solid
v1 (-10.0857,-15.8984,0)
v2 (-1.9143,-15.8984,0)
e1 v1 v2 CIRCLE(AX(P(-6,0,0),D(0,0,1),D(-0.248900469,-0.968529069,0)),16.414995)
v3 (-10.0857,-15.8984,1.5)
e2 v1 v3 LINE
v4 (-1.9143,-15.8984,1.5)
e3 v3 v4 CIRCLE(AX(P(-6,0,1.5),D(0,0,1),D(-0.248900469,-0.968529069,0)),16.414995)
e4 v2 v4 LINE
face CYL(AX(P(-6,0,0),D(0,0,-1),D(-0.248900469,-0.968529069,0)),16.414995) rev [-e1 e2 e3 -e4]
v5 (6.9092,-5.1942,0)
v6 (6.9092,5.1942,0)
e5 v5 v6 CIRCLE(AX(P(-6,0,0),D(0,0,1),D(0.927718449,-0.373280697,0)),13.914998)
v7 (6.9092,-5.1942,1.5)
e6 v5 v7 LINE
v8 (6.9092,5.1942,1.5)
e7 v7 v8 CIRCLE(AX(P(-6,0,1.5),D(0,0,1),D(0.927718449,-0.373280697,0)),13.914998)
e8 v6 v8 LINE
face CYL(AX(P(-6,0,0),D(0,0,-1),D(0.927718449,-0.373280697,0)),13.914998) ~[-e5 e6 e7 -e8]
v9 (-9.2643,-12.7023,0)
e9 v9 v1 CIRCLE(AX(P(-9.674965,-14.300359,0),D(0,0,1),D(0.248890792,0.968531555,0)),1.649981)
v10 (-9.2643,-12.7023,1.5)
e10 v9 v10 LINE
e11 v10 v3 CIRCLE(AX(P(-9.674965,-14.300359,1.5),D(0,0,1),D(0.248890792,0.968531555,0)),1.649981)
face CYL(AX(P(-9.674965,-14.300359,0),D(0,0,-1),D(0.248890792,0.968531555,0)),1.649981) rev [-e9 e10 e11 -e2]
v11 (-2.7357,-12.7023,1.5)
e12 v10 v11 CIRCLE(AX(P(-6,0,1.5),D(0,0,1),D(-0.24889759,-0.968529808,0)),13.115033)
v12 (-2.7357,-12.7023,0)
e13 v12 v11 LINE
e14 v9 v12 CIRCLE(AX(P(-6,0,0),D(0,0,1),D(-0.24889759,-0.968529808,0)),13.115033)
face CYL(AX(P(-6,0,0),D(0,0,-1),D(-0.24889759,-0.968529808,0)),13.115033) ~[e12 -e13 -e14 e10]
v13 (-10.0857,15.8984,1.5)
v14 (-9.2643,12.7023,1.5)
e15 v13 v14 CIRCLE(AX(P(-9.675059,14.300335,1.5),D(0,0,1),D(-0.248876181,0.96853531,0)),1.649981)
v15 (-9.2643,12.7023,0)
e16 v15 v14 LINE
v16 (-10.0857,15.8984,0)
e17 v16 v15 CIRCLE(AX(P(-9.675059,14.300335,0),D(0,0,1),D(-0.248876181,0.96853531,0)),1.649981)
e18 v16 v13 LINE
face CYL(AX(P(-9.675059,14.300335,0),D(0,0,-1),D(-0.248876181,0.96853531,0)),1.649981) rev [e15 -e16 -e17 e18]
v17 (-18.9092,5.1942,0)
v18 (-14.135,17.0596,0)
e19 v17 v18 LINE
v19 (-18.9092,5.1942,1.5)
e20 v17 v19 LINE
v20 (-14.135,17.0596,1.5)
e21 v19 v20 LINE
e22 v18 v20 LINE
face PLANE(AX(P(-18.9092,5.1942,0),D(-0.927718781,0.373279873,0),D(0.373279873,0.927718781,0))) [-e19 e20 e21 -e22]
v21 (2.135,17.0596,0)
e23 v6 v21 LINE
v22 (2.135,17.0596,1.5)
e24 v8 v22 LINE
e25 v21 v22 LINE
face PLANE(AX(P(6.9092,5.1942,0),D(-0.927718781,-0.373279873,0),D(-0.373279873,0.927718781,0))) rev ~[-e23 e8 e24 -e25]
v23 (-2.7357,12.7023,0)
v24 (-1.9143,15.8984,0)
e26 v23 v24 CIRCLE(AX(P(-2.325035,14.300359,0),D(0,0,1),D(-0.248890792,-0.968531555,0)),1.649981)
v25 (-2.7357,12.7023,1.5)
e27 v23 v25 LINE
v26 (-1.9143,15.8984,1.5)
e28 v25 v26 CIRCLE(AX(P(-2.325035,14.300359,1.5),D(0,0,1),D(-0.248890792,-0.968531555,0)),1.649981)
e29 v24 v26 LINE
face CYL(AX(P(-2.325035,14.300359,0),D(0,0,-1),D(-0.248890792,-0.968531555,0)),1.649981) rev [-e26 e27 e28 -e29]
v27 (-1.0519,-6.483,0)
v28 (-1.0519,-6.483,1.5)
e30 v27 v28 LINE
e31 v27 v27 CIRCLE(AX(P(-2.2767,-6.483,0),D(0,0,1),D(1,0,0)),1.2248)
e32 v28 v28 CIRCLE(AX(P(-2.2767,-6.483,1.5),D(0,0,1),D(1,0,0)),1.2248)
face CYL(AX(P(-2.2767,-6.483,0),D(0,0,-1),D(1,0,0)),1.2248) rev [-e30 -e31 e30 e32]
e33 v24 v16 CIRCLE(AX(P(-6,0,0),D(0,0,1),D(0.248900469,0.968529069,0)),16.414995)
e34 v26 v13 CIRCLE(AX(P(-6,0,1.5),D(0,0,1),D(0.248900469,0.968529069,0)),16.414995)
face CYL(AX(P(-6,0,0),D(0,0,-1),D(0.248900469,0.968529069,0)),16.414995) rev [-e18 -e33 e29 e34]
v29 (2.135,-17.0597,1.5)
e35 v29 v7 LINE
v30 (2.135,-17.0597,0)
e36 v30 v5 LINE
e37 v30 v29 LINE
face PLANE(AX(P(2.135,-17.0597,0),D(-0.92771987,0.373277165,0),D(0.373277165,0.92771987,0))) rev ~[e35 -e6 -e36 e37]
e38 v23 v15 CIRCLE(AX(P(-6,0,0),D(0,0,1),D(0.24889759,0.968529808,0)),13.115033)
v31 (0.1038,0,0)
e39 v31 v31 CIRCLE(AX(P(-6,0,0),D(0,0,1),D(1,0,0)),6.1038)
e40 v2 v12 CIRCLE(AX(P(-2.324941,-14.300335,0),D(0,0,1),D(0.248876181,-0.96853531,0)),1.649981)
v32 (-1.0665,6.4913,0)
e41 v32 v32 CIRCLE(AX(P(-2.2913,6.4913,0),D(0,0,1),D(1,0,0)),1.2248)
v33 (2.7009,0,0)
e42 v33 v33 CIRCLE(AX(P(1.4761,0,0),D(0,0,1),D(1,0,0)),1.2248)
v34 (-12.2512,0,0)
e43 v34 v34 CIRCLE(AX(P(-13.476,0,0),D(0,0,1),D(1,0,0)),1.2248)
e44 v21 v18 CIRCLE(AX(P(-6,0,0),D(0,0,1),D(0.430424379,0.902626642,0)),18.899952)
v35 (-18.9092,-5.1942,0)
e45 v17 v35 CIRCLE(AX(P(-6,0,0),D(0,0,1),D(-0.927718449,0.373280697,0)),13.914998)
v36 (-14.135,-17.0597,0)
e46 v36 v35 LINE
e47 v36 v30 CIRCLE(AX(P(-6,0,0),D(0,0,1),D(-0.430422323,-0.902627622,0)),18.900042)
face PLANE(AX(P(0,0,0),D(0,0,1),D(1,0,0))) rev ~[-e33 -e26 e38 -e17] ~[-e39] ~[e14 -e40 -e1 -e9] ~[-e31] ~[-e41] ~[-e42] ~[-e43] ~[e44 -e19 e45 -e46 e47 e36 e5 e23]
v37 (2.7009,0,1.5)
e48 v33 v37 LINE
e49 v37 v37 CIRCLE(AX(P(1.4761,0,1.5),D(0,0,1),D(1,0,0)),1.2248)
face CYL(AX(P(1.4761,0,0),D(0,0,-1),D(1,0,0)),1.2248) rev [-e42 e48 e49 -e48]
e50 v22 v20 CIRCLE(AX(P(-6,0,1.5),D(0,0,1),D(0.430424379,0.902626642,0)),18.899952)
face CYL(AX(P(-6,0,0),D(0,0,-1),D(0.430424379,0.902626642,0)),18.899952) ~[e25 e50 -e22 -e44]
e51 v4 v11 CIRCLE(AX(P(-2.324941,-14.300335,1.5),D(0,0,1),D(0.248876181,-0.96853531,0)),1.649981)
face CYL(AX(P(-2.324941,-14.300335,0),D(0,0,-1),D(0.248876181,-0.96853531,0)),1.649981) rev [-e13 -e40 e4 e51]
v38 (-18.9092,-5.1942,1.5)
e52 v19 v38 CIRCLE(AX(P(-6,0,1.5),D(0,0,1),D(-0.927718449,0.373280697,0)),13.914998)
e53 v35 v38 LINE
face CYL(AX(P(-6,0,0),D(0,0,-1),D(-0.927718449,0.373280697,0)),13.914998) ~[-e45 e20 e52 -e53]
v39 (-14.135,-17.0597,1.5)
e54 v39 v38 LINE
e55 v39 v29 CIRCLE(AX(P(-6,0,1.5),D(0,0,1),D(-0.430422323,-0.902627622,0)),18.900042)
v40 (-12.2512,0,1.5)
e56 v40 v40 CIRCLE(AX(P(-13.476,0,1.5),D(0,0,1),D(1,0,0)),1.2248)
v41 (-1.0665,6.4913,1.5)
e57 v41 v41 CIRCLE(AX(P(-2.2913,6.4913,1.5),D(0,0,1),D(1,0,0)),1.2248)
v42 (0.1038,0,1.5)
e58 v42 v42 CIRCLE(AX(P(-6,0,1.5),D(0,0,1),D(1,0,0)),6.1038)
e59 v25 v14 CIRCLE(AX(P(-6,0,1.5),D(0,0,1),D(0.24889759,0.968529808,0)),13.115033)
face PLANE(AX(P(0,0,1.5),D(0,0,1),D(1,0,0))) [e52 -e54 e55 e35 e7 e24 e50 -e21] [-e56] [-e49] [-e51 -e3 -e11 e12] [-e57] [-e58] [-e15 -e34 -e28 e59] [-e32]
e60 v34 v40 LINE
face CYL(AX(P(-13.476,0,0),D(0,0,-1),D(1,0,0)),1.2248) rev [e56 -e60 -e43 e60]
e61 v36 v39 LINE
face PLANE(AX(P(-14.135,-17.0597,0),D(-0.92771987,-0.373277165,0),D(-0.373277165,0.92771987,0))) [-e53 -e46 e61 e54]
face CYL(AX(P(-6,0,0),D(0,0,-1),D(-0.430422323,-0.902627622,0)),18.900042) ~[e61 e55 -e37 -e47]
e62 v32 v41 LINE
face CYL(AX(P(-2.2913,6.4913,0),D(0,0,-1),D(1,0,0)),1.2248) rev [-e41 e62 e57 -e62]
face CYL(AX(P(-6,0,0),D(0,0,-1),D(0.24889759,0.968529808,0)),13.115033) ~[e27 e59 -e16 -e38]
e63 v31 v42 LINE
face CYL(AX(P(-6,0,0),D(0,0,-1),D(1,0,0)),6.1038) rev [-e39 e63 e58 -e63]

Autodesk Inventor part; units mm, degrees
ref_plane "YZ Plane" through (0, 0, 0) normal (1, 0, 0) x (0, 1, 0)
ref_plane "XZ Plane" through (0, 0, 0) normal (0, 1, 0) x (-1, 0, 0)
ref_plane "XY Plane" through (0, 0, 0) normal (0, 0, 1) x (1, 0, 0)
sketch "Эскиз1" plane through (0, 0, 0) normal (0, 0, 1) x (1, 0, 0)
  line L0 (6.9092, 5.1942) -> (2.135, 17.0596)
  arc A0 (2.135, 17.0596) -> (-14.135, 17.0596) centre (-6, 0) ccw
  line L1 (-18.9092, 5.1942) -> (-14.135, 17.0596)
  arc A1 (-18.9092, 5.1942) -> (-18.9092, -5.1942) centre (-6, 0) ccw
  line L2 (-14.135, -17.0597) -> (-18.9092, -5.1942)
  arc A2 (-14.135, -17.0597) -> (2.135, -17.0597) centre (-6, 0) ccw
  line L3 (2.135, -17.0597) -> (6.9092, -5.1942)
  arc A3 (6.9092, -5.1942) -> (6.9092, 5.1942) centre (-6, 0) ccw
  circle A4 centre (-6, 0) radius 6.1038
  arc A5 (-2.7357, 12.7023) -> (-1.9143, 15.8984) centre (-2.325, 14.3003) ccw
  arc A6 (-2.7357, 12.7023) -> (-9.2643, 12.7023) centre (-6, 0) ccw
  arc A7 (-10.0857, 15.8984) -> (-9.2643, 12.7023) centre (-9.675, 14.3003) ccw
  arc A8 (-1.9143, 15.8984) -> (-10.0857, 15.8984) centre (-6, 0) ccw
  arc A9 (-9.2643, -12.7023) -> (-10.0857, -15.8984) centre (-9.675, -14.3003) ccw
  arc A10 (-9.2643, -12.7023) -> (-2.7357, -12.7023) centre (-6, 0) ccw
  arc A11 (-1.9143, -15.8984) -> (-2.7357, -12.7023) centre (-2.325, -14.3003) ccw
  arc A12 (-10.0857, -15.8984) -> (-1.9143, -15.8984) centre (-6, 0) ccw
  circle A13 centre (-13.476, 0) radius 1.2248
  circle A14 centre (-2.2767, -6.483) radius 1.2248
  circle A15 centre (1.4761, 0) radius 1.2248
  circle A16 centre (-2.2913, 6.4913) radius 1.2248
  point P0 (0, 0)
  point P1 (-8.8708, 4.3525)
extrude "Выдавливание1" add sketch "Эскиз1" along normal blind 1.5
properties part number "Фланец"
